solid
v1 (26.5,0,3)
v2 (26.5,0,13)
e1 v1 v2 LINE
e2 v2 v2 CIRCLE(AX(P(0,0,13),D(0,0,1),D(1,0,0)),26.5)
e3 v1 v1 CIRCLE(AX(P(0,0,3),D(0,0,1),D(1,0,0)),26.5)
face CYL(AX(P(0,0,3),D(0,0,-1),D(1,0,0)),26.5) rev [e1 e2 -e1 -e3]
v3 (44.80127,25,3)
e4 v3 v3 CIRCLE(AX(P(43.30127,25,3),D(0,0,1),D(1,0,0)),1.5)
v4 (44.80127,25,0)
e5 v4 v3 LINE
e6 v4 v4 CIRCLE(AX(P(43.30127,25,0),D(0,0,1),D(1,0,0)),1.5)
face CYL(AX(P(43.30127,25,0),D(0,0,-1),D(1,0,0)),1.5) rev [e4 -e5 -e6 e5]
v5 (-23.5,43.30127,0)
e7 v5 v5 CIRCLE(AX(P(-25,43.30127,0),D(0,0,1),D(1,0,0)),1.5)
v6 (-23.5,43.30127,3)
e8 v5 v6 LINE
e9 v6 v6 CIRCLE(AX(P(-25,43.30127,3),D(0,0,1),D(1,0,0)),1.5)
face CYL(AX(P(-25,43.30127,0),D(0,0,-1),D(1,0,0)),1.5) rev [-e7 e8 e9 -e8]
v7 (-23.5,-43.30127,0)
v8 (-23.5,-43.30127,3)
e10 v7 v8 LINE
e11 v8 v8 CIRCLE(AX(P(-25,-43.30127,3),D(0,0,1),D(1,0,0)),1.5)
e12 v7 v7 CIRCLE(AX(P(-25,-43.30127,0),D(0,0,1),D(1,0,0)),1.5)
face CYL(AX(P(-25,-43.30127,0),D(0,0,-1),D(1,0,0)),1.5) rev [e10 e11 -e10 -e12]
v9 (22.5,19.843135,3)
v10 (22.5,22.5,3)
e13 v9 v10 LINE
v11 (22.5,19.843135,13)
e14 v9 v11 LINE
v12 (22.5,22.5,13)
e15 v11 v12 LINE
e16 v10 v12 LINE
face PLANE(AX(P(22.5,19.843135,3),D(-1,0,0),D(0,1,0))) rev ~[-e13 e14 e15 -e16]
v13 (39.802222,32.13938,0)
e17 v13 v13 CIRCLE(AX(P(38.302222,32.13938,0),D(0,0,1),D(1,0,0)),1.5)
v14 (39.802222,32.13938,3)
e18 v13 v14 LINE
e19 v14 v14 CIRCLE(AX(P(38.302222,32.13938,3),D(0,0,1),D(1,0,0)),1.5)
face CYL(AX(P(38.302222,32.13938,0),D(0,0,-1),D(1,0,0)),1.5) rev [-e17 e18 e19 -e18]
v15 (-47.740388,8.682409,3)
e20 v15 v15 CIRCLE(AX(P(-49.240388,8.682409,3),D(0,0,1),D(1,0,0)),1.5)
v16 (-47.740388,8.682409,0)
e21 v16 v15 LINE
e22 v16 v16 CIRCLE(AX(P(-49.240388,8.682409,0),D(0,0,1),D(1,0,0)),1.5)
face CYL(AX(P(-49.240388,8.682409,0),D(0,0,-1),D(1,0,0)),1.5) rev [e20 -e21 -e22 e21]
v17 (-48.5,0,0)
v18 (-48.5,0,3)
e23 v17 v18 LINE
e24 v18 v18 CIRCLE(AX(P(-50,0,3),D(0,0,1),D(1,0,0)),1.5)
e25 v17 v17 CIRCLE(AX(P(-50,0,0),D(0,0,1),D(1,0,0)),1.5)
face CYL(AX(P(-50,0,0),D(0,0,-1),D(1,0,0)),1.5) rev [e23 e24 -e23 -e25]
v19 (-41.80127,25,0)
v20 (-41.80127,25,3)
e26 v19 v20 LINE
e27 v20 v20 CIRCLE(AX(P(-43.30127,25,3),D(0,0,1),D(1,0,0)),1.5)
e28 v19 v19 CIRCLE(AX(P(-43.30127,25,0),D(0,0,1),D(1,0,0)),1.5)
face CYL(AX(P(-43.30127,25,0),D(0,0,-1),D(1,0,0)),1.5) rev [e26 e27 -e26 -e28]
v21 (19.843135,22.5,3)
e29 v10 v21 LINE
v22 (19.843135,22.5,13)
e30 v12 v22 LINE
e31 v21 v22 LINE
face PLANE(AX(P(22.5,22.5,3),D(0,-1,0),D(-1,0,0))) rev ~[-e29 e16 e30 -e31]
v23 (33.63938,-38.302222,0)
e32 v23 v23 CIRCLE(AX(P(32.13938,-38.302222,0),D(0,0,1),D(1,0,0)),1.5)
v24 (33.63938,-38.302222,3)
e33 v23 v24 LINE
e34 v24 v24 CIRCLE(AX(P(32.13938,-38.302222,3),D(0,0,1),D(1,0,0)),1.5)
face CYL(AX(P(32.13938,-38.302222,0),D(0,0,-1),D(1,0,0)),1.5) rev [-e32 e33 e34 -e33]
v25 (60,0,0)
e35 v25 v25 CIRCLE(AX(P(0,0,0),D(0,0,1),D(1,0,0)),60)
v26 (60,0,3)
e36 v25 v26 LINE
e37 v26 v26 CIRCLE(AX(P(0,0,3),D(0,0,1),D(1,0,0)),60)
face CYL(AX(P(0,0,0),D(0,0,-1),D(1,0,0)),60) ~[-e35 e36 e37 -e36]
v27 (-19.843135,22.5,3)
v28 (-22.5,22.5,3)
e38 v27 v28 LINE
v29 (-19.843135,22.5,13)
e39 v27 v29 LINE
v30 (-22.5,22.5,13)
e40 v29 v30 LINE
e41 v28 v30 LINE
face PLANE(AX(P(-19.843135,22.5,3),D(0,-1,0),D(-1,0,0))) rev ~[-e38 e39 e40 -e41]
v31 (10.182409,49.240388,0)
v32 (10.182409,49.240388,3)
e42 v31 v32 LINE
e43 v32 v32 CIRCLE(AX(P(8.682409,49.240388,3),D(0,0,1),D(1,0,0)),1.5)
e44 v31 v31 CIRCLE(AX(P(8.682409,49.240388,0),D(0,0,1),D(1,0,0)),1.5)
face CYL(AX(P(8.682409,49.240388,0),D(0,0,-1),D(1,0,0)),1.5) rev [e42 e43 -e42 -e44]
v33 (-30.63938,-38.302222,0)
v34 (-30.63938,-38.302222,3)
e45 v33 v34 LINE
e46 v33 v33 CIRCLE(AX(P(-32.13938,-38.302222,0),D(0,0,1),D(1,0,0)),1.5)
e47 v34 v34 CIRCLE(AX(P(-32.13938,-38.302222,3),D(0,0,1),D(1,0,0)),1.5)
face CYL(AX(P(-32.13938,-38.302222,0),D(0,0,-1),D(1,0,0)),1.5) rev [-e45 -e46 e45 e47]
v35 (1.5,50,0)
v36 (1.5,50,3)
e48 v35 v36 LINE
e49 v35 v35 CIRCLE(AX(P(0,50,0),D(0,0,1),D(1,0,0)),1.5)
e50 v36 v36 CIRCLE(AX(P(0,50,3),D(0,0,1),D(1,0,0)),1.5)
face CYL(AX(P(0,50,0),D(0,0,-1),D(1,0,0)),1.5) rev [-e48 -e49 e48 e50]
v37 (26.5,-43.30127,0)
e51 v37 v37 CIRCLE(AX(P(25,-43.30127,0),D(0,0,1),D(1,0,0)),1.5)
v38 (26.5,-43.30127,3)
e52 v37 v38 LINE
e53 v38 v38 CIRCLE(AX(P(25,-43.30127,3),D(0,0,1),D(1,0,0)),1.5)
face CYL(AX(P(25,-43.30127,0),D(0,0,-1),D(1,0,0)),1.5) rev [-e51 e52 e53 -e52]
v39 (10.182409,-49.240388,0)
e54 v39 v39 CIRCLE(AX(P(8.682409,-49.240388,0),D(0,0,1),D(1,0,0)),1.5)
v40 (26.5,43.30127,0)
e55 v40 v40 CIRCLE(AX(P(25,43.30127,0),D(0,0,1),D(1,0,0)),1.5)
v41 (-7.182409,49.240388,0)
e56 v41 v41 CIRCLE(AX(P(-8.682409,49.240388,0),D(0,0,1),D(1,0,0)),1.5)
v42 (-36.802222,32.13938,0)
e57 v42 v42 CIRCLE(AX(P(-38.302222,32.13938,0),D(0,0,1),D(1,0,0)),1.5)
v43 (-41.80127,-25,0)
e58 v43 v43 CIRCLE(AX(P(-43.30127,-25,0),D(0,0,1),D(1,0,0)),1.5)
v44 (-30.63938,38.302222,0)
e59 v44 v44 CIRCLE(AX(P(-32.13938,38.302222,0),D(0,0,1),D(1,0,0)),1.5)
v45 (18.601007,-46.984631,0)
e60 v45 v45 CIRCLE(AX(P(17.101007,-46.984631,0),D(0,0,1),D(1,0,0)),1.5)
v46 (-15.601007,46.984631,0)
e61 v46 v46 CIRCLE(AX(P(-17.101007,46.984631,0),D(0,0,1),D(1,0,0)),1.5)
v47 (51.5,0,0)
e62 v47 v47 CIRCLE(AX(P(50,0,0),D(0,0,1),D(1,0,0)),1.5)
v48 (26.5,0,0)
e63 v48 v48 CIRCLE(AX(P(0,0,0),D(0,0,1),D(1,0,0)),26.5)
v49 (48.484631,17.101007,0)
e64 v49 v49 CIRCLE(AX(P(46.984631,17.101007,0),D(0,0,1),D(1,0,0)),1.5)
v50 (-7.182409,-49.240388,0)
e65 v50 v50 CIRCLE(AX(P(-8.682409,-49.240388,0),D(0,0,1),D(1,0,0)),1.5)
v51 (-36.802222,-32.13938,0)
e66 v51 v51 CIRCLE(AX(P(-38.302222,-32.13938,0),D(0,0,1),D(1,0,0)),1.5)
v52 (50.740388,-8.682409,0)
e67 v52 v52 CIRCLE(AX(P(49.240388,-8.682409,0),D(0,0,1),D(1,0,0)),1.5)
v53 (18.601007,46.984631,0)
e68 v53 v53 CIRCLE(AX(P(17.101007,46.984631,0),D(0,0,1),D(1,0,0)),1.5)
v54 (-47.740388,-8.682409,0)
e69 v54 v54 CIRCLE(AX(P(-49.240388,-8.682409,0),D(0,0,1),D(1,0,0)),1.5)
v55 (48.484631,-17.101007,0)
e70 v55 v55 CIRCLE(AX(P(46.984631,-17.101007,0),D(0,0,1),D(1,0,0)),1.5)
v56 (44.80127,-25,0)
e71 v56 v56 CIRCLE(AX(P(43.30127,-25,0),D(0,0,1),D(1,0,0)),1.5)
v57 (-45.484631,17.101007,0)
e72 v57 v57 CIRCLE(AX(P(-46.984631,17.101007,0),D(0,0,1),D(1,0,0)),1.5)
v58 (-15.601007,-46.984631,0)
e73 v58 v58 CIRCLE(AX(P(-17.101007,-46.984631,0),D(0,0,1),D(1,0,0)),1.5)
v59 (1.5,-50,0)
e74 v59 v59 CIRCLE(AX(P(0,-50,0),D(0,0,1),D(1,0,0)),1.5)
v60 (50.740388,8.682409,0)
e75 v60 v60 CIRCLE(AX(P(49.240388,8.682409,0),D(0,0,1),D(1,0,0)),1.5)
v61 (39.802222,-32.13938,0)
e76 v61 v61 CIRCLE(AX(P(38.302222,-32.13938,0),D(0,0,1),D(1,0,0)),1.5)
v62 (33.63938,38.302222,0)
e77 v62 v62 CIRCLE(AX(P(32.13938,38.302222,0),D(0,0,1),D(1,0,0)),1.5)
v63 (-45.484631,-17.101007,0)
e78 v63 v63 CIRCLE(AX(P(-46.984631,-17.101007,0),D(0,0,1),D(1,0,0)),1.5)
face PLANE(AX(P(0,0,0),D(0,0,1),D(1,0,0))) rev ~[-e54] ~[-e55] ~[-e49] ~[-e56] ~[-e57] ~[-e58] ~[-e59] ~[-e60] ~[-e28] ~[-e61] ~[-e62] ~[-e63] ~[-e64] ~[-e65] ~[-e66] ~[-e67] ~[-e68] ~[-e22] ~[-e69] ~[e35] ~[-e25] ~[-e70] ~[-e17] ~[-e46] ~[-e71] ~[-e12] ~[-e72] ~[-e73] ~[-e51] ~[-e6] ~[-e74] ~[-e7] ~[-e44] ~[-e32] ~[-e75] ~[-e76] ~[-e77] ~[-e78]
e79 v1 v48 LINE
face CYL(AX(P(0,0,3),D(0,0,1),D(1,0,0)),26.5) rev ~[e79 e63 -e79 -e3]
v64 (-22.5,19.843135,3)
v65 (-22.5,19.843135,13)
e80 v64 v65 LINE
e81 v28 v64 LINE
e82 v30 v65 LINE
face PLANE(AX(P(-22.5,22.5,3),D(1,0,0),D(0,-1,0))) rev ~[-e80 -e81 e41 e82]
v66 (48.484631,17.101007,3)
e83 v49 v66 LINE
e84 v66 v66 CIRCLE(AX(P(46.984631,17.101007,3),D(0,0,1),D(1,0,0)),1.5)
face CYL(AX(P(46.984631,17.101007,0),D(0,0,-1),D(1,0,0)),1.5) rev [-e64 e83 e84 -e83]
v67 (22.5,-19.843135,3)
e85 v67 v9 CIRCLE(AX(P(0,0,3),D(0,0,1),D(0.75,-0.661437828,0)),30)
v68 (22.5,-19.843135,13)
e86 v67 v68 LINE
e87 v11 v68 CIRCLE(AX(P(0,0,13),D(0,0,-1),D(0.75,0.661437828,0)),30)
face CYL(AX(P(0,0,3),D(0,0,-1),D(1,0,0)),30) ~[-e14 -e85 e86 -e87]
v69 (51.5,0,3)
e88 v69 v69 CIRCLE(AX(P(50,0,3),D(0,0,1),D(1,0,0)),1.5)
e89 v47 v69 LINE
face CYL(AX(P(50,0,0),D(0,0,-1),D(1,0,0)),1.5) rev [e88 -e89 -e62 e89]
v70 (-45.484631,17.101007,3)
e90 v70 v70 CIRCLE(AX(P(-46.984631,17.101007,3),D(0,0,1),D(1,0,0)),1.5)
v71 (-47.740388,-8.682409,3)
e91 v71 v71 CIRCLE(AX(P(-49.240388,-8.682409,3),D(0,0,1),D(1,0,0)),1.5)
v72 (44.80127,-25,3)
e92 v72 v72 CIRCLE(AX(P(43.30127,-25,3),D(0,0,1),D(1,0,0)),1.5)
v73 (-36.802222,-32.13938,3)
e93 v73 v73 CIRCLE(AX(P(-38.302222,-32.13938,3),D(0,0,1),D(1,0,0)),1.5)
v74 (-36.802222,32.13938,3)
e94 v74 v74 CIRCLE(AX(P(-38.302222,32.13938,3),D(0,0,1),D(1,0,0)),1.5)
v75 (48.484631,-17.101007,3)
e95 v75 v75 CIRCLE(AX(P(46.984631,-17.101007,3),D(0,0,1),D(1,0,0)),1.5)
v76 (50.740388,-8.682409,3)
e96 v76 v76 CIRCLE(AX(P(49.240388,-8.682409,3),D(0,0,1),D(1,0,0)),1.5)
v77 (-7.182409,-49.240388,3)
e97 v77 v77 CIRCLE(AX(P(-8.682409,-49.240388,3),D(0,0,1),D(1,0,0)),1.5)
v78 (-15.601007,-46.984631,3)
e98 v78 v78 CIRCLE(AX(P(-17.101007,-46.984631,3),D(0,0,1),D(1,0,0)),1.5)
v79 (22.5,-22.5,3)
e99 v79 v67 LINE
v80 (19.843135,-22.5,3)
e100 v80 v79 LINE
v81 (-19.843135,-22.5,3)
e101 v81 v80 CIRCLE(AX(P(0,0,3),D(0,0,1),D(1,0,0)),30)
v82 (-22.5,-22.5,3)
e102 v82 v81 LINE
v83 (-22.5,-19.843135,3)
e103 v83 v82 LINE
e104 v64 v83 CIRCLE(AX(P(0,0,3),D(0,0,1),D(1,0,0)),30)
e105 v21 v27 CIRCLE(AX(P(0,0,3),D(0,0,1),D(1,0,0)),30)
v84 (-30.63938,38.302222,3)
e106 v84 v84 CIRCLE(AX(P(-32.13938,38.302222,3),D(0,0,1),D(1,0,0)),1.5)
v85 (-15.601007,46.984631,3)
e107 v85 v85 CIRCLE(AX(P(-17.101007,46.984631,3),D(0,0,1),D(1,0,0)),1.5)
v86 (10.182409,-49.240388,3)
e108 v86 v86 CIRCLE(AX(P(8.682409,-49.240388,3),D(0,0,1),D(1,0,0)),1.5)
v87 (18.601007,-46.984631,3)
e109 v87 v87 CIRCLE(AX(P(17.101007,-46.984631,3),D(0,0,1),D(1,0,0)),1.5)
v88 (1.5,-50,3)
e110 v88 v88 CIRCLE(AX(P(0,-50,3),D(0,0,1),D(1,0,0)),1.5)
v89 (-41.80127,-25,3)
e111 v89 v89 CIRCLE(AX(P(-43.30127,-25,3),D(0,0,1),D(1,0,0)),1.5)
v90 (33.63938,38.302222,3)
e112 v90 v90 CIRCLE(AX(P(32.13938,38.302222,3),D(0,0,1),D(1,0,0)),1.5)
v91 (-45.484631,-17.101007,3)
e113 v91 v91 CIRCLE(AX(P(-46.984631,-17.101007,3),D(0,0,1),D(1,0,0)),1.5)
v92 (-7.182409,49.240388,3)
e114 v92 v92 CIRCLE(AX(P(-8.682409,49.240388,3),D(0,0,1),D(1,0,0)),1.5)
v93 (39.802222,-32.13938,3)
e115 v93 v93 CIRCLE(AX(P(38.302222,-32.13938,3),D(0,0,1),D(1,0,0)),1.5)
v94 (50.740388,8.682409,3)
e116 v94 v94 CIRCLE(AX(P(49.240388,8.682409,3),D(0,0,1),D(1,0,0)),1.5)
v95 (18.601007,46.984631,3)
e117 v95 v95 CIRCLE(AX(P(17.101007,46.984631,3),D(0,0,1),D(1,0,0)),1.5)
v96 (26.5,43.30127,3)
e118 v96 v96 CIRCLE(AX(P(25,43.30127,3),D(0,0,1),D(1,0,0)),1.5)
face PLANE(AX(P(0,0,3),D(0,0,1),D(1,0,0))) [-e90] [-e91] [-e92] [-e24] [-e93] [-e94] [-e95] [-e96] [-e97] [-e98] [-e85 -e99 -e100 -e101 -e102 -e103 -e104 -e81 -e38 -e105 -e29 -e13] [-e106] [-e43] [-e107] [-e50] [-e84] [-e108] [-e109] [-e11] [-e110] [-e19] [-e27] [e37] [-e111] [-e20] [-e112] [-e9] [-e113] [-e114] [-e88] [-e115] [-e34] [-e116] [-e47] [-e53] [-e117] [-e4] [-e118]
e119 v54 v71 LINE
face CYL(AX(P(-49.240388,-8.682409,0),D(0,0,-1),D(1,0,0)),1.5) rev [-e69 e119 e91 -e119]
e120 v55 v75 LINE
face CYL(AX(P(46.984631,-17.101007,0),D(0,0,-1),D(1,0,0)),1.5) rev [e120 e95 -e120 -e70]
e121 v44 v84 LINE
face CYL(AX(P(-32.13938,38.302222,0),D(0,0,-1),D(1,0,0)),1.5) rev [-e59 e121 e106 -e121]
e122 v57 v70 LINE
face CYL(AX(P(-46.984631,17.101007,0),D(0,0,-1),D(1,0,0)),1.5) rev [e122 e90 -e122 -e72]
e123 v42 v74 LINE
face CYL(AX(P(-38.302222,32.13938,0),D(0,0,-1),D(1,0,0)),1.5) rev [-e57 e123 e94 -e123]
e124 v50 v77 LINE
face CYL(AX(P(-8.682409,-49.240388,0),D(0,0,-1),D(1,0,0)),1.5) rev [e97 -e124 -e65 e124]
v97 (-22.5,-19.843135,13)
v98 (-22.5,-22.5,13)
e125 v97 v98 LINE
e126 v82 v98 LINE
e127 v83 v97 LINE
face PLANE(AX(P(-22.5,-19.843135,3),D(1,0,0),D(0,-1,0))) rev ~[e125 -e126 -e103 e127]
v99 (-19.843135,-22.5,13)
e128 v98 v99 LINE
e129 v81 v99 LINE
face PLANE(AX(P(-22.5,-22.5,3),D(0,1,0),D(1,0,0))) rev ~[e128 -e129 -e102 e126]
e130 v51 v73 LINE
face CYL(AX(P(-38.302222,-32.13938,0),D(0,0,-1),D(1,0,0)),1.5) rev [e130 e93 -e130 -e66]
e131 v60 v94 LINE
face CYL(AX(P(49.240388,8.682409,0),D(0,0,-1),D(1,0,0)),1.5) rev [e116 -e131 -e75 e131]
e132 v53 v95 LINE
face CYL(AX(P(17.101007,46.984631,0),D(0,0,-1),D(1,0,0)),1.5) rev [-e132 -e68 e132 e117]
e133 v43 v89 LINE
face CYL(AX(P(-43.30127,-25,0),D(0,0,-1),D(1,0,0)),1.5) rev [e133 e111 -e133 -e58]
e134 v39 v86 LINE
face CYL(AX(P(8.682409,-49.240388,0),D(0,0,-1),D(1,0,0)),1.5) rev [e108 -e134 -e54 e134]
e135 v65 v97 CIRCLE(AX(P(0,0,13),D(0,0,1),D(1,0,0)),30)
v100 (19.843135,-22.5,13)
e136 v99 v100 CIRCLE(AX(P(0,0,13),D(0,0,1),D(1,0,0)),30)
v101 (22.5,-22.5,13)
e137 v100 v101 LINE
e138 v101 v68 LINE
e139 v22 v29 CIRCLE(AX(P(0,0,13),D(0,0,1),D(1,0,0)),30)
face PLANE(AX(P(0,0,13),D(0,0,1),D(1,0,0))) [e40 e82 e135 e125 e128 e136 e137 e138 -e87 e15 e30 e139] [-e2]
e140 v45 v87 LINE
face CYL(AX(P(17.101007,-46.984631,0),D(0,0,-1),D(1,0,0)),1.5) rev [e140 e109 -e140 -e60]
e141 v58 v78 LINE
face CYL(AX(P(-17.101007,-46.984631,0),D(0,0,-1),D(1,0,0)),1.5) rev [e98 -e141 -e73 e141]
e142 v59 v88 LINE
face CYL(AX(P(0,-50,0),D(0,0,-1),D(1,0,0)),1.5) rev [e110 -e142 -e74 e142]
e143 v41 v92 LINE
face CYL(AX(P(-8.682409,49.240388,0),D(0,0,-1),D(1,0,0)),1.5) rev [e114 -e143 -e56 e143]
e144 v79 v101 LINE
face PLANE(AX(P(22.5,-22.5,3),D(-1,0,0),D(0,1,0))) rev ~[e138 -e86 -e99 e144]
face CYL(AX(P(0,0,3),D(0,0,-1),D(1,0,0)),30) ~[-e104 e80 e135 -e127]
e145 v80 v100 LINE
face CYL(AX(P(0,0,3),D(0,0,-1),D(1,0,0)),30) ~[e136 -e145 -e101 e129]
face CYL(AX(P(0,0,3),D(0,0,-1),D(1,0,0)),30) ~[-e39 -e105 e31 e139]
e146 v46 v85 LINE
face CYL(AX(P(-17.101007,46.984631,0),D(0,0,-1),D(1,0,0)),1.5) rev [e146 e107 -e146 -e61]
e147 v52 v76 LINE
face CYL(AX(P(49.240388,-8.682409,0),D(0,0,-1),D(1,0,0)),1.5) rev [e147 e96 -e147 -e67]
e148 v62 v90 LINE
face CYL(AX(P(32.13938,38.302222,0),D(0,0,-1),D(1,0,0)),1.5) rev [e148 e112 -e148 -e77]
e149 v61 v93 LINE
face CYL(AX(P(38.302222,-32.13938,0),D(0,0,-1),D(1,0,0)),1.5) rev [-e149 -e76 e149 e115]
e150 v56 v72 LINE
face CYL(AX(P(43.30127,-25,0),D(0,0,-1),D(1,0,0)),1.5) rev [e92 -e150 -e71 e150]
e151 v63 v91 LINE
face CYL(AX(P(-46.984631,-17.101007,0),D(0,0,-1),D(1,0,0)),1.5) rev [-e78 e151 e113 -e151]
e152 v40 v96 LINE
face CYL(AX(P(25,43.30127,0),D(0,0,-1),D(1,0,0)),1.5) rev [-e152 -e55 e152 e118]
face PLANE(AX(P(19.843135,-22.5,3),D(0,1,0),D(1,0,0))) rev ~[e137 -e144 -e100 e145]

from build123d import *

# Parameters (mm, degrees)
F0_R     = 60
F0_R_2   = 1.5
F1_DEPTH = 3
F2_R     = 26.5
F3_DEPTH = 25
F4_R     = 30
F4_R_2   = 26.5
F5_DEPTH = 10
F7_DEPTH = 10


with BuildPart() as f1:
    # F0 (on Top) → F1 (new body)
    with BuildSketch(Plane.XY):
        Circle(F0_R)
        with Locations((-32.1393804843, -38.3022221559)):
            Circle(F0_R_2, mode=Mode.SUBTRACT)
        with Locations((-38.3022221559, -32.1393804843)):
            Circle(F0_R_2, mode=Mode.SUBTRACT)
        with Locations((-17.1010071663, -46.9846310393)):
            Circle(F0_R_2, mode=Mode.SUBTRACT)
        with Locations((-8.6824088833, -49.2403876506)):
            Circle(F0_R_2, mode=Mode.SUBTRACT)
        with Locations((-25, -43.3012701892)):
            Circle(F0_R_2, mode=Mode.SUBTRACT)
        with Locations((-46.9846310393, -17.1010071663)):
            Circle(F0_R_2, mode=Mode.SUBTRACT)
        with Locations((-43.3012701892, -25)):
            Circle(F0_R_2, mode=Mode.SUBTRACT)
        with Locations((-49.2403876506, -8.6824088833)):
            Circle(F0_R_2, mode=Mode.SUBTRACT)
        with Locations((0, -50)):
            Circle(F0_R_2, mode=Mode.SUBTRACT)
        with Locations((8.6824088833, -49.2403876506)):
            Circle(F0_R_2, mode=Mode.SUBTRACT)
        with Locations((17.1010071663, -46.9846310393)):
            Circle(F0_R_2, mode=Mode.SUBTRACT)
        with Locations((25, -43.3012701892)):
            Circle(F0_R_2, mode=Mode.SUBTRACT)
        with Locations((32.1393804843, -38.3022221559)):
            Circle(F0_R_2, mode=Mode.SUBTRACT)
        with Locations((38.3022221559, -32.1393804843)):
            Circle(F0_R_2, mode=Mode.SUBTRACT)
        with Locations((43.3012701892, -25)):
            Circle(F0_R_2, mode=Mode.SUBTRACT)
        with Locations((46.9846310393, -17.1010071663)):
            Circle(F0_R_2, mode=Mode.SUBTRACT)
        with Locations((49.2403876506, -8.6824088833)):
            Circle(F0_R_2, mode=Mode.SUBTRACT)
        with Locations((-50, 0)):
            Circle(F0_R_2, mode=Mode.SUBTRACT)
        with Locations((-49.2403876506, 8.6824088833)):
            Circle(F0_R_2, mode=Mode.SUBTRACT)
        with Locations((-46.9846310393, 17.1010071663)):
            Circle(F0_R_2, mode=Mode.SUBTRACT)
        with Locations((-43.3012701892, 25)):
            Circle(F0_R_2, mode=Mode.SUBTRACT)
        with Locations((-38.3022221559, 32.1393804843)):
            Circle(F0_R_2, mode=Mode.SUBTRACT)
        with Locations((-32.1393804843, 38.3022221559)):
            Circle(F0_R_2, mode=Mode.SUBTRACT)
        with Locations((-25, 43.3012701892)):
            Circle(F0_R_2, mode=Mode.SUBTRACT)
        with Locations((-17.1010071663, 46.9846310393)):
            Circle(F0_R_2, mode=Mode.SUBTRACT)
        with Locations((-8.6824088833, 49.2403876506)):
            Circle(F0_R_2, mode=Mode.SUBTRACT)
        with Locations((50, 0)):
            Circle(F0_R_2, mode=Mode.SUBTRACT)
        with Locations((49.2403876506, 8.6824088833)):
            Circle(F0_R_2, mode=Mode.SUBTRACT)
        with Locations((43.3012701892, 25)):
            Circle(F0_R_2, mode=Mode.SUBTRACT)
        with Locations((46.9846310393, 17.1010071663)):
            Circle(F0_R_2, mode=Mode.SUBTRACT)
        with Locations((25, 43.3012701892)):
            Circle(F0_R_2, mode=Mode.SUBTRACT)
        with Locations((0, 50)):
            Circle(F0_R_2, mode=Mode.SUBTRACT)
        with Locations((8.6824088833, 49.2403876506)):
            Circle(F0_R_2, mode=Mode.SUBTRACT)
        with Locations((17.1010071663, 46.9846310393)):
            Circle(F0_R_2, mode=Mode.SUBTRACT)
        with Locations((38.3022221559, 32.1393804843)):
            Circle(F0_R_2, mode=Mode.SUBTRACT)
        with Locations((32.1393804843, 38.3022221559)):
            Circle(F0_R_2, mode=Mode.SUBTRACT)
    extrude(amount=F1_DEPTH)

    # F2 (on face) → F3 (cut)
    with BuildSketch(Plane.XY.offset(3)):
        Circle(F2_R)
    extrude(amount=-F3_DEPTH, mode=Mode.SUBTRACT)

    # F4 (on face) → F5 (join)
    with BuildSketch(Plane.XY.offset(3)):
        Circle(F4_R)
        Circle(F4_R_2, mode=Mode.SUBTRACT)
    extrude(amount=F5_DEPTH)

    # F6 (on face) → F7 (join)
    with BuildSketch(Plane.XY.offset(3)):
        with BuildLine():
            ThreePointArc((-19.843134833, -22.5), (-21.2132034356, -21.2132034356), (-22.5, -19.843134833))
            Line((-22.5, -19.843134833), (-22.5, -22.5))
            Line((-22.5, -22.5), (-19.843134833, -22.5))
        make_face()
        with BuildLine():
            Line((22.5, -22.5), (22.5, -19.843134833))
            ThreePointArc((22.5, -19.843134833), (21.2132034356, -21.2132034356), (19.843134833, -22.5))
            Line((19.843134833, -22.5), (22.5, -22.5))
        make_face()
        with BuildLine():
            Line((22.5, 19.843134833), (22.5, 22.5))
            Line((22.5, 22.5), (19.843134833, 22.5))
            ThreePointArc((19.843134833, 22.5), (21.2132034356, 21.2132034356), (22.5, 19.843134833))
        make_face()
        with BuildLine():
            ThreePointArc((-22.5, 19.843134833), (-21.2132034356, 21.2132034356), (-19.843134833, 22.5))
            Line((-19.843134833, 22.5), (-22.5, 22.5))
            Line((-22.5, 22.5), (-22.5, 19.843134833))
        make_face()
    extrude(amount=F7_DEPTH)


solid = f1.part
